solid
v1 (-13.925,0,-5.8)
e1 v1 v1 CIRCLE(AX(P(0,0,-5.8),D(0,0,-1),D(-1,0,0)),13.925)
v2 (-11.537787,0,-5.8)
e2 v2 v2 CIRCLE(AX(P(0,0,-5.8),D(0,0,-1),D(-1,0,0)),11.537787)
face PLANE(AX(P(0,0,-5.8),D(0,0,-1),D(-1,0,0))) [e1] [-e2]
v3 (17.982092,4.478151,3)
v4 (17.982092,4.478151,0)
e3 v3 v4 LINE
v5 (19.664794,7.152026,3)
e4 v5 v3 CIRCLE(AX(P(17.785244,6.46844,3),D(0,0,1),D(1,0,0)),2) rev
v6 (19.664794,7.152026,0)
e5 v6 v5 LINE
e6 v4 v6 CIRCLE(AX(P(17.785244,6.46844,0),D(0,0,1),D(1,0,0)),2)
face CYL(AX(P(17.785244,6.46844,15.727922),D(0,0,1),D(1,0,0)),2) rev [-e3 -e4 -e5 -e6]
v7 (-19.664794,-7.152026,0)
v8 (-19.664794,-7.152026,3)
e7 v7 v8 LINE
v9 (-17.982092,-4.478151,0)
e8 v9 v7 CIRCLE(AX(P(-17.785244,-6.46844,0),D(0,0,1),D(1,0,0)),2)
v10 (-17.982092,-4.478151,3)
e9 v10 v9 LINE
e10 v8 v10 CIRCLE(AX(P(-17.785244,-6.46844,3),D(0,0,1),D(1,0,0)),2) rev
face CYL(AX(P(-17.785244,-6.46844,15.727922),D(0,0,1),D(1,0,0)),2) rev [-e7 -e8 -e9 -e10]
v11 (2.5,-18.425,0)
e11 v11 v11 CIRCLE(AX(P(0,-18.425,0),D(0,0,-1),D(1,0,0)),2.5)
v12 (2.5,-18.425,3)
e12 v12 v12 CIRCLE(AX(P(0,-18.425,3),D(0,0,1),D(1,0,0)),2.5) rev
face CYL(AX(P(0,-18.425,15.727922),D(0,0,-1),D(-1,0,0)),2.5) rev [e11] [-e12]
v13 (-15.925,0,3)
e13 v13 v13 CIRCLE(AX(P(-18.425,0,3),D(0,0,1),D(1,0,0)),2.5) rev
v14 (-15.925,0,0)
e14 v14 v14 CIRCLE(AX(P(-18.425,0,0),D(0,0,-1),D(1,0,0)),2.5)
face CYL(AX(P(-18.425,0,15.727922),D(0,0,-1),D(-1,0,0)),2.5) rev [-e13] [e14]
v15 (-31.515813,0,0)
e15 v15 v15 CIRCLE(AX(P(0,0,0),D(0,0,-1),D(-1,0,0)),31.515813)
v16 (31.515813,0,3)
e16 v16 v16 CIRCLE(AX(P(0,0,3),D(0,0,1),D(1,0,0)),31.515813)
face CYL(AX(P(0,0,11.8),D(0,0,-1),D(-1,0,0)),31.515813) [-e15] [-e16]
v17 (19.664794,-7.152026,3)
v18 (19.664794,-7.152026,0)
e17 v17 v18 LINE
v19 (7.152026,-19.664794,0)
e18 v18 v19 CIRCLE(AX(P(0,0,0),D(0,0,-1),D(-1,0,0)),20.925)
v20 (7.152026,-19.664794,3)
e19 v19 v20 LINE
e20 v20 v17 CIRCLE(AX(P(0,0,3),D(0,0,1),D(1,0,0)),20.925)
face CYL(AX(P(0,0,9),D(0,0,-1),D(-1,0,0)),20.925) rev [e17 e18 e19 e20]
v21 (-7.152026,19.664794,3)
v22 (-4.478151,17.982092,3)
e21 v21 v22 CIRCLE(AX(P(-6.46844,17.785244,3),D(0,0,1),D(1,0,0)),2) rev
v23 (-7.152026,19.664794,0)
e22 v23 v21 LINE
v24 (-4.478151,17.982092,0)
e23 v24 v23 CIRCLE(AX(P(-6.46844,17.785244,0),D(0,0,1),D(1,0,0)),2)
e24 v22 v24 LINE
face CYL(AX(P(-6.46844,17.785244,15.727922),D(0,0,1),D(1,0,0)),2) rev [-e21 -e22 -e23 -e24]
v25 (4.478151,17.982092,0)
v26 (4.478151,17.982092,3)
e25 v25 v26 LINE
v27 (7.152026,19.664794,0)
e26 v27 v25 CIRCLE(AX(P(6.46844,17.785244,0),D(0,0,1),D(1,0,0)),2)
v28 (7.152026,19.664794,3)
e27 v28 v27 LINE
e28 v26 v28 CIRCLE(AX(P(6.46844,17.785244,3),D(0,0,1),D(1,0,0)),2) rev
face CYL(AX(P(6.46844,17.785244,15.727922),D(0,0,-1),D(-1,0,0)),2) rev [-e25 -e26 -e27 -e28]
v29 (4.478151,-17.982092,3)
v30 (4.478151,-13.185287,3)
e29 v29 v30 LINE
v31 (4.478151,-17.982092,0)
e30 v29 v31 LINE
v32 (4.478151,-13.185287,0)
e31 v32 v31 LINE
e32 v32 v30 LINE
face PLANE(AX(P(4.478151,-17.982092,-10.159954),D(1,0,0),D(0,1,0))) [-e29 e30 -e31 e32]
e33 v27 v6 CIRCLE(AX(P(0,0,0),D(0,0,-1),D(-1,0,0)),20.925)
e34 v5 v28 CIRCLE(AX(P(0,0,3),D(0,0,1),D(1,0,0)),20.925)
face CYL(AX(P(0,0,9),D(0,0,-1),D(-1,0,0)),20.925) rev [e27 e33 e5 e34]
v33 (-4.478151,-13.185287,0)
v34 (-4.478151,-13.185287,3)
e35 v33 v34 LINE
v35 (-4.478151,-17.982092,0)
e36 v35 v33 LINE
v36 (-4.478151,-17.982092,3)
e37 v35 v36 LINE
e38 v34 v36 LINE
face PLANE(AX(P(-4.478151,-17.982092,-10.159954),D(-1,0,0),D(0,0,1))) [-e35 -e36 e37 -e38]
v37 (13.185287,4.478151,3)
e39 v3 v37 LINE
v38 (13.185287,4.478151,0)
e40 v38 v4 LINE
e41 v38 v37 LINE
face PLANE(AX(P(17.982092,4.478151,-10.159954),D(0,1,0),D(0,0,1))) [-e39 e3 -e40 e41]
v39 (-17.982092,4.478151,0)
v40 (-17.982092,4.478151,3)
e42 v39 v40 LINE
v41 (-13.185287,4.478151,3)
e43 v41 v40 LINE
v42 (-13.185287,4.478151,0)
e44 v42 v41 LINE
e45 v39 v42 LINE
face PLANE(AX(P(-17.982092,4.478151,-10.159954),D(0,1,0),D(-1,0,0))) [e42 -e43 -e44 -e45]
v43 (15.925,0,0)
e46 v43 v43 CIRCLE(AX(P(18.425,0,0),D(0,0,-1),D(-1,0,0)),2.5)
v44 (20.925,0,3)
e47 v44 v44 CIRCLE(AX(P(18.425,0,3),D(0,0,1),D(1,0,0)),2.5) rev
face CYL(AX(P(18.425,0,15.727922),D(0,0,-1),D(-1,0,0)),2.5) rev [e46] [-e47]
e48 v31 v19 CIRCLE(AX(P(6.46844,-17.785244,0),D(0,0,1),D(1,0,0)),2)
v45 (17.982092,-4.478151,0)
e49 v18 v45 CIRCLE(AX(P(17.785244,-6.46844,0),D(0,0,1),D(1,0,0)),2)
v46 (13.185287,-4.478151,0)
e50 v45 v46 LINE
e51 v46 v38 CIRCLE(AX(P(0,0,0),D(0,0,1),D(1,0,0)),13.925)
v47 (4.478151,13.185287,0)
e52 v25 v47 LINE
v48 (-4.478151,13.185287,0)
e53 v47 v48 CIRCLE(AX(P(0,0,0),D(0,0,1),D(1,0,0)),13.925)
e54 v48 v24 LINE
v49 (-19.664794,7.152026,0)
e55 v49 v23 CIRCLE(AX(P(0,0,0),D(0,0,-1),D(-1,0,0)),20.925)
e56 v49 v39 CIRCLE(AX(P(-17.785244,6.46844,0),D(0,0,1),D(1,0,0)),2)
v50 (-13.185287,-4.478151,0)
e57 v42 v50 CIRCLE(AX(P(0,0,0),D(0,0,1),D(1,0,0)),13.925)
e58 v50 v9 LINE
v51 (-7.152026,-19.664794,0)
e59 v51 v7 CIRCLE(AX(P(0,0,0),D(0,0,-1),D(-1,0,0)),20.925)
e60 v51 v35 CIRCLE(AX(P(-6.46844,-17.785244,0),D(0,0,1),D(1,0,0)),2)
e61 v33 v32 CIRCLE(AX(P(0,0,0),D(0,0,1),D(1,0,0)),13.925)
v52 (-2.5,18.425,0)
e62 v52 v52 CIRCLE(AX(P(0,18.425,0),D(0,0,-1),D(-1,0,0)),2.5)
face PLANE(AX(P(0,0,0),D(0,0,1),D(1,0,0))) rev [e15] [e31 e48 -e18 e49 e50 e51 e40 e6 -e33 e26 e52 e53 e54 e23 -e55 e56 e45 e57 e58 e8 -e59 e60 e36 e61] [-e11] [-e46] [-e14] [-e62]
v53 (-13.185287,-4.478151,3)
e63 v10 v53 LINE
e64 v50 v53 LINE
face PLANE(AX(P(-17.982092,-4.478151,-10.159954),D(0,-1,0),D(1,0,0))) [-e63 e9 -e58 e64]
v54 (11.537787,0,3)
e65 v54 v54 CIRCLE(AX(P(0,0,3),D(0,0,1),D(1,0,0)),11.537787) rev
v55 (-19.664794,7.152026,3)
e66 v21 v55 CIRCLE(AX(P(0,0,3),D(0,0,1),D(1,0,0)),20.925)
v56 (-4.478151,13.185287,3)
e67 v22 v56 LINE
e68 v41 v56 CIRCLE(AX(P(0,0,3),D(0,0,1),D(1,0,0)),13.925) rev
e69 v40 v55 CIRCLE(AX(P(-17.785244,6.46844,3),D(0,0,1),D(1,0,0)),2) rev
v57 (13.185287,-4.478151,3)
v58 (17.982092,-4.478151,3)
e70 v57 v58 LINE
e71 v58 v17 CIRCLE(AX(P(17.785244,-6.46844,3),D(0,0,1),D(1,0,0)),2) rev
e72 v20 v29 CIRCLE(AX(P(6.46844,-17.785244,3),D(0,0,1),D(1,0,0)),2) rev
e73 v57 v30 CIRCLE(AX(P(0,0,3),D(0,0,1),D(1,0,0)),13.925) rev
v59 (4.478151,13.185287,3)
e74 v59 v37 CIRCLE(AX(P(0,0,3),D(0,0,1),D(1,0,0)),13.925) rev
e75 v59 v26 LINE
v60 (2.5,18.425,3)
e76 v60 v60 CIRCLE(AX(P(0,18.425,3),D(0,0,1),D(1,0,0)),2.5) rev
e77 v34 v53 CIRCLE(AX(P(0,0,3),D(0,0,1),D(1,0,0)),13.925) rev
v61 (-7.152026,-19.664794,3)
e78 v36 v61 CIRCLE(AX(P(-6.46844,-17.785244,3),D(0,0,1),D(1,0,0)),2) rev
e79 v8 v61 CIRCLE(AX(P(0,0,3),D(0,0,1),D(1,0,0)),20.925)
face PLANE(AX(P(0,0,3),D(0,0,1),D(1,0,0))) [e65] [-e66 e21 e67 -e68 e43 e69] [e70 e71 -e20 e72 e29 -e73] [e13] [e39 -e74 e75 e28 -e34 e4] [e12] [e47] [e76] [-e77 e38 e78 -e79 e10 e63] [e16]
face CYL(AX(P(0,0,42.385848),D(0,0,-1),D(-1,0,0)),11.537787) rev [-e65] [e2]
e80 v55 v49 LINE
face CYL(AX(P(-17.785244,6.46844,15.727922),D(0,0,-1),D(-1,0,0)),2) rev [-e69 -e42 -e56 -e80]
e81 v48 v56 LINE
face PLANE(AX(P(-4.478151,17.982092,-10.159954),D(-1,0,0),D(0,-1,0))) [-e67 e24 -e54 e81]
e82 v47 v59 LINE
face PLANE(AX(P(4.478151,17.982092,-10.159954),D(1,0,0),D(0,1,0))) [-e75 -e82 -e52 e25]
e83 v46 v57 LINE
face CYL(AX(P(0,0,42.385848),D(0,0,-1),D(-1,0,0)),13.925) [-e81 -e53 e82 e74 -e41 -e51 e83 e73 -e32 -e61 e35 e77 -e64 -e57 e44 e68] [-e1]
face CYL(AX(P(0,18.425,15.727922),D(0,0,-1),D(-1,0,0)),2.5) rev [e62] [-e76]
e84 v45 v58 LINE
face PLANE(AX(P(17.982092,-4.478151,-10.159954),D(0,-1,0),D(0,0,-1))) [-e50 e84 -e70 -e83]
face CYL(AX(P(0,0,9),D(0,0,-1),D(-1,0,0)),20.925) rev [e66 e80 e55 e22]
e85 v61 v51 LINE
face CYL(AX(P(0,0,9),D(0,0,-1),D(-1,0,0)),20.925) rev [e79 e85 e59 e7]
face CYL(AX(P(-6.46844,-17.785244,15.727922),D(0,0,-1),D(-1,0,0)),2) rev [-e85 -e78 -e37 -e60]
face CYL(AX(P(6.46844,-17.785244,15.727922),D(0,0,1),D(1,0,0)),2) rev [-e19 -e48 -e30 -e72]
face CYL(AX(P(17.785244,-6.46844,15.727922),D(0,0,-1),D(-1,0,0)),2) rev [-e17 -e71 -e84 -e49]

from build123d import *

# Parameters (mm, degrees)
SKETCH2_R                = 52.5
SKETCH2_R_2              = 4.1
BOSS_EXTRUDE1_DEPTH      = 3
SKETCH3_R                = 20.925
CUT_EXTRUDE1_DEPTH       = 9
SKETCH4_R                = 4.5
SKETCH4_R_2              = 2.5
BOSS_EXTRUDE2_DEPTH      = 3
FILLET1_R                = 2
SKETCH5_R                = 52.5
SKETCH5_R_2              = 31.515813439
CUT_EXTRUDE2_DEPTH       = 11.8
BOSS_EXTRUDE3_DEPTH      = 5.8
BOSS_EXTRUDE3_DEPTH_BACK = 3
SKETCH6_R                = 13.925
SKETCH6_R_2              = 11.537787208
BOSS_EXTRUDE4_DEPTH      = 3


with BuildPart() as part:
    # Sketch2 → Boss-Extrude1 (new body)
    with BuildSketch(Plane.XY):
        Circle(SKETCH2_R)
        with Locations((0, 44)):
            Circle(SKETCH2_R_2, mode=Mode.SUBTRACT)
        with Locations((38.105117767, -22)):
            Circle(SKETCH2_R_2, mode=Mode.SUBTRACT)
        with Locations((-38.105117767, -22)):
            Circle(SKETCH2_R_2, mode=Mode.SUBTRACT)
        Polygon((0, 20.207259422), (-17.5, 10.103629711), (-17.5, -10.103629711), (0, -20.207259422), (17.5, -10.103629711), (17.5, 10.103629711), align=None, mode=Mode.SUBTRACT)
    extrude(amount=BOSS_EXTRUDE1_DEPTH)

    # Sketch3 → Cut-Extrude1 (cut)
    with BuildSketch(Plane(origin=(0, 0, 0), x_dir=(-1, 0, 0), z_dir=(0, 0, -1))):
        Circle(SKETCH3_R)
    extrude(amount=-CUT_EXTRUDE1_DEPTH, mode=Mode.SUBTRACT)

    # Sketch4 → Boss-Extrude2 (add)
    # profile 1 of 4: a face of its own
    with BuildSketch(Plane(origin=(0, 0, 0), x_dir=(-1, 0, 0), z_dir=(0, 0, -1))):
        with Locations((0, 18.425)):
            Circle(SKETCH4_R)
        with Locations((0, 18.425)):
            Circle(SKETCH4_R_2, mode=Mode.SUBTRACT)
    # profile 2 of 4: a face of its own
    with BuildSketch(Plane(origin=(0, 0, 0), x_dir=(-1, 0, 0), z_dir=(0, 0, -1))):
        with Locations((-18.425, 0)):
            Circle(SKETCH4_R)
        with Locations((-18.425, 0)):
            Circle(SKETCH4_R_2, mode=Mode.SUBTRACT)
    # profile 3 of 4: a face of its own
    with BuildSketch(Plane(origin=(0, 0, 0), x_dir=(-1, 0, 0), z_dir=(0, 0, -1))):
        with Locations((0, -18.425)):
            Circle(SKETCH4_R)
        with Locations(Location((0, -18.425, 0), (0, 0, 180))):
            Circle(SKETCH4_R_2, mode=Mode.SUBTRACT)
    # profile 4 of 4: a face of its own
    with BuildSketch(Plane(origin=(0, 0, 0), x_dir=(-1, 0, 0), z_dir=(0, 0, -1))):
        with Locations((18.425, 0)):
            Circle(SKETCH4_R)
        with Locations(Location((18.425, 0, 0), (0, 0, 180))):
            Circle(SKETCH4_R_2, mode=Mode.SUBTRACT)
    extrude(amount=-BOSS_EXTRUDE2_DEPTH)

    # Fillet1
    fillet1_edges = [part.edges().sort_by_distance(p)[0] for p in [
        (-3.969288955, 20.545081411, 1.5),
        (3.969288955, 20.545081411, 1.5),
        (20.545081411, 3.969288955, 1.5),
        (20.545081411, -3.969288955, 1.5),
        (3.969288955, -20.545081411, 1.5),
        (-3.969288955, -20.545081411, 1.5),
        (-20.545081411, -3.969288955, 1.5),
        (-20.545081411, 3.969288955, 1.5),
    ]]
    fillet(fillet1_edges, radius=FILLET1_R)

    # Sketch5 → Cut-Extrude2 (cut)
    with BuildSketch(Plane(origin=(0, 0, 0), x_dir=(-1, 0, 0), z_dir=(0, 0, -1))):
        Circle(SKETCH5_R)
        Circle(SKETCH5_R_2, mode=Mode.SUBTRACT)
    extrude(amount=-CUT_EXTRUDE2_DEPTH, mode=Mode.SUBTRACT)



with BuildPart() as body_2:
    # Sketch6 → Boss-Extrude3 (new, two sides: drawn at the far end of the back side and taken through both)
    with BuildSketch(Plane(origin=(0, 0, 0), x_dir=(-1, 0, 0), z_dir=(0, 0, -1)).offset(-BOSS_EXTRUDE3_DEPTH_BACK)):
        Circle(SKETCH6_R)
        Circle(SKETCH6_R_2, mode=Mode.SUBTRACT)
    extrude(amount=BOSS_EXTRUDE3_DEPTH + BOSS_EXTRUDE3_DEPTH_BACK)


with BuildPart() as part_1:
    add(part.part)

    add(body_2.part)  # Boss-Extrude4 merges body 2
    # Sketch7 → Boss-Extrude4 (add)
    with BuildSketch(Plane.XY.offset(3)):
        Polygon((17.982092162, 4.478150583), (13.185286965, 4.478150583), (13.185286965, -4.478150583), (17.982092162, -4.478150583), (17.982092162, -3.600432721), (16.459783373, -2.648989728), (15.103112387, -1.801070362), (15.103112387, 0.78355996), (16.060382876, 2.315192743), (17.5, 3.192690691), align=None)
        Polygon((4.478150583, -17.982092162), (4.478150583, -13.185286965), (-4.478150583, -13.185286965), (-4.478150583, -17.982092162), (-3.600432721, -17.982092162), (-2.648989728, -16.459783373), (-1.801070362, -15.103112387), (0.78355996, -15.103112387), (2.315192743, -16.060382876), (3.192690691, -17.5), align=None)
        Polygon((-17.982092162, -4.478150583), (-13.185286965, -4.478150583), (-13.185286965, 4.478150583), (-17.982092162, 4.478150583), (-17.982092162, 3.600432721), (-16.459783373, 2.648989728), (-15.103112387, 1.801070362), (-15.103112387, -0.78355996), (-16.060382876, -2.315192743), (-17.5, -3.192690691), align=None)
        Polygon((-4.478150583, 17.982092162), (-4.478150583, 13.185286965), (4.478150583, 13.185286965), (4.478150583, 17.982092162), (3.600432721, 17.982092162), (2.648989728, 16.459783373), (1.801070362, 15.103112387), (-0.78355996, 15.103112387), (-2.315192743, 16.060382876), (-3.192690691, 17.5), align=None)
    extrude(amount=-BOSS_EXTRUDE4_DEPTH)


solid = part_1.part
